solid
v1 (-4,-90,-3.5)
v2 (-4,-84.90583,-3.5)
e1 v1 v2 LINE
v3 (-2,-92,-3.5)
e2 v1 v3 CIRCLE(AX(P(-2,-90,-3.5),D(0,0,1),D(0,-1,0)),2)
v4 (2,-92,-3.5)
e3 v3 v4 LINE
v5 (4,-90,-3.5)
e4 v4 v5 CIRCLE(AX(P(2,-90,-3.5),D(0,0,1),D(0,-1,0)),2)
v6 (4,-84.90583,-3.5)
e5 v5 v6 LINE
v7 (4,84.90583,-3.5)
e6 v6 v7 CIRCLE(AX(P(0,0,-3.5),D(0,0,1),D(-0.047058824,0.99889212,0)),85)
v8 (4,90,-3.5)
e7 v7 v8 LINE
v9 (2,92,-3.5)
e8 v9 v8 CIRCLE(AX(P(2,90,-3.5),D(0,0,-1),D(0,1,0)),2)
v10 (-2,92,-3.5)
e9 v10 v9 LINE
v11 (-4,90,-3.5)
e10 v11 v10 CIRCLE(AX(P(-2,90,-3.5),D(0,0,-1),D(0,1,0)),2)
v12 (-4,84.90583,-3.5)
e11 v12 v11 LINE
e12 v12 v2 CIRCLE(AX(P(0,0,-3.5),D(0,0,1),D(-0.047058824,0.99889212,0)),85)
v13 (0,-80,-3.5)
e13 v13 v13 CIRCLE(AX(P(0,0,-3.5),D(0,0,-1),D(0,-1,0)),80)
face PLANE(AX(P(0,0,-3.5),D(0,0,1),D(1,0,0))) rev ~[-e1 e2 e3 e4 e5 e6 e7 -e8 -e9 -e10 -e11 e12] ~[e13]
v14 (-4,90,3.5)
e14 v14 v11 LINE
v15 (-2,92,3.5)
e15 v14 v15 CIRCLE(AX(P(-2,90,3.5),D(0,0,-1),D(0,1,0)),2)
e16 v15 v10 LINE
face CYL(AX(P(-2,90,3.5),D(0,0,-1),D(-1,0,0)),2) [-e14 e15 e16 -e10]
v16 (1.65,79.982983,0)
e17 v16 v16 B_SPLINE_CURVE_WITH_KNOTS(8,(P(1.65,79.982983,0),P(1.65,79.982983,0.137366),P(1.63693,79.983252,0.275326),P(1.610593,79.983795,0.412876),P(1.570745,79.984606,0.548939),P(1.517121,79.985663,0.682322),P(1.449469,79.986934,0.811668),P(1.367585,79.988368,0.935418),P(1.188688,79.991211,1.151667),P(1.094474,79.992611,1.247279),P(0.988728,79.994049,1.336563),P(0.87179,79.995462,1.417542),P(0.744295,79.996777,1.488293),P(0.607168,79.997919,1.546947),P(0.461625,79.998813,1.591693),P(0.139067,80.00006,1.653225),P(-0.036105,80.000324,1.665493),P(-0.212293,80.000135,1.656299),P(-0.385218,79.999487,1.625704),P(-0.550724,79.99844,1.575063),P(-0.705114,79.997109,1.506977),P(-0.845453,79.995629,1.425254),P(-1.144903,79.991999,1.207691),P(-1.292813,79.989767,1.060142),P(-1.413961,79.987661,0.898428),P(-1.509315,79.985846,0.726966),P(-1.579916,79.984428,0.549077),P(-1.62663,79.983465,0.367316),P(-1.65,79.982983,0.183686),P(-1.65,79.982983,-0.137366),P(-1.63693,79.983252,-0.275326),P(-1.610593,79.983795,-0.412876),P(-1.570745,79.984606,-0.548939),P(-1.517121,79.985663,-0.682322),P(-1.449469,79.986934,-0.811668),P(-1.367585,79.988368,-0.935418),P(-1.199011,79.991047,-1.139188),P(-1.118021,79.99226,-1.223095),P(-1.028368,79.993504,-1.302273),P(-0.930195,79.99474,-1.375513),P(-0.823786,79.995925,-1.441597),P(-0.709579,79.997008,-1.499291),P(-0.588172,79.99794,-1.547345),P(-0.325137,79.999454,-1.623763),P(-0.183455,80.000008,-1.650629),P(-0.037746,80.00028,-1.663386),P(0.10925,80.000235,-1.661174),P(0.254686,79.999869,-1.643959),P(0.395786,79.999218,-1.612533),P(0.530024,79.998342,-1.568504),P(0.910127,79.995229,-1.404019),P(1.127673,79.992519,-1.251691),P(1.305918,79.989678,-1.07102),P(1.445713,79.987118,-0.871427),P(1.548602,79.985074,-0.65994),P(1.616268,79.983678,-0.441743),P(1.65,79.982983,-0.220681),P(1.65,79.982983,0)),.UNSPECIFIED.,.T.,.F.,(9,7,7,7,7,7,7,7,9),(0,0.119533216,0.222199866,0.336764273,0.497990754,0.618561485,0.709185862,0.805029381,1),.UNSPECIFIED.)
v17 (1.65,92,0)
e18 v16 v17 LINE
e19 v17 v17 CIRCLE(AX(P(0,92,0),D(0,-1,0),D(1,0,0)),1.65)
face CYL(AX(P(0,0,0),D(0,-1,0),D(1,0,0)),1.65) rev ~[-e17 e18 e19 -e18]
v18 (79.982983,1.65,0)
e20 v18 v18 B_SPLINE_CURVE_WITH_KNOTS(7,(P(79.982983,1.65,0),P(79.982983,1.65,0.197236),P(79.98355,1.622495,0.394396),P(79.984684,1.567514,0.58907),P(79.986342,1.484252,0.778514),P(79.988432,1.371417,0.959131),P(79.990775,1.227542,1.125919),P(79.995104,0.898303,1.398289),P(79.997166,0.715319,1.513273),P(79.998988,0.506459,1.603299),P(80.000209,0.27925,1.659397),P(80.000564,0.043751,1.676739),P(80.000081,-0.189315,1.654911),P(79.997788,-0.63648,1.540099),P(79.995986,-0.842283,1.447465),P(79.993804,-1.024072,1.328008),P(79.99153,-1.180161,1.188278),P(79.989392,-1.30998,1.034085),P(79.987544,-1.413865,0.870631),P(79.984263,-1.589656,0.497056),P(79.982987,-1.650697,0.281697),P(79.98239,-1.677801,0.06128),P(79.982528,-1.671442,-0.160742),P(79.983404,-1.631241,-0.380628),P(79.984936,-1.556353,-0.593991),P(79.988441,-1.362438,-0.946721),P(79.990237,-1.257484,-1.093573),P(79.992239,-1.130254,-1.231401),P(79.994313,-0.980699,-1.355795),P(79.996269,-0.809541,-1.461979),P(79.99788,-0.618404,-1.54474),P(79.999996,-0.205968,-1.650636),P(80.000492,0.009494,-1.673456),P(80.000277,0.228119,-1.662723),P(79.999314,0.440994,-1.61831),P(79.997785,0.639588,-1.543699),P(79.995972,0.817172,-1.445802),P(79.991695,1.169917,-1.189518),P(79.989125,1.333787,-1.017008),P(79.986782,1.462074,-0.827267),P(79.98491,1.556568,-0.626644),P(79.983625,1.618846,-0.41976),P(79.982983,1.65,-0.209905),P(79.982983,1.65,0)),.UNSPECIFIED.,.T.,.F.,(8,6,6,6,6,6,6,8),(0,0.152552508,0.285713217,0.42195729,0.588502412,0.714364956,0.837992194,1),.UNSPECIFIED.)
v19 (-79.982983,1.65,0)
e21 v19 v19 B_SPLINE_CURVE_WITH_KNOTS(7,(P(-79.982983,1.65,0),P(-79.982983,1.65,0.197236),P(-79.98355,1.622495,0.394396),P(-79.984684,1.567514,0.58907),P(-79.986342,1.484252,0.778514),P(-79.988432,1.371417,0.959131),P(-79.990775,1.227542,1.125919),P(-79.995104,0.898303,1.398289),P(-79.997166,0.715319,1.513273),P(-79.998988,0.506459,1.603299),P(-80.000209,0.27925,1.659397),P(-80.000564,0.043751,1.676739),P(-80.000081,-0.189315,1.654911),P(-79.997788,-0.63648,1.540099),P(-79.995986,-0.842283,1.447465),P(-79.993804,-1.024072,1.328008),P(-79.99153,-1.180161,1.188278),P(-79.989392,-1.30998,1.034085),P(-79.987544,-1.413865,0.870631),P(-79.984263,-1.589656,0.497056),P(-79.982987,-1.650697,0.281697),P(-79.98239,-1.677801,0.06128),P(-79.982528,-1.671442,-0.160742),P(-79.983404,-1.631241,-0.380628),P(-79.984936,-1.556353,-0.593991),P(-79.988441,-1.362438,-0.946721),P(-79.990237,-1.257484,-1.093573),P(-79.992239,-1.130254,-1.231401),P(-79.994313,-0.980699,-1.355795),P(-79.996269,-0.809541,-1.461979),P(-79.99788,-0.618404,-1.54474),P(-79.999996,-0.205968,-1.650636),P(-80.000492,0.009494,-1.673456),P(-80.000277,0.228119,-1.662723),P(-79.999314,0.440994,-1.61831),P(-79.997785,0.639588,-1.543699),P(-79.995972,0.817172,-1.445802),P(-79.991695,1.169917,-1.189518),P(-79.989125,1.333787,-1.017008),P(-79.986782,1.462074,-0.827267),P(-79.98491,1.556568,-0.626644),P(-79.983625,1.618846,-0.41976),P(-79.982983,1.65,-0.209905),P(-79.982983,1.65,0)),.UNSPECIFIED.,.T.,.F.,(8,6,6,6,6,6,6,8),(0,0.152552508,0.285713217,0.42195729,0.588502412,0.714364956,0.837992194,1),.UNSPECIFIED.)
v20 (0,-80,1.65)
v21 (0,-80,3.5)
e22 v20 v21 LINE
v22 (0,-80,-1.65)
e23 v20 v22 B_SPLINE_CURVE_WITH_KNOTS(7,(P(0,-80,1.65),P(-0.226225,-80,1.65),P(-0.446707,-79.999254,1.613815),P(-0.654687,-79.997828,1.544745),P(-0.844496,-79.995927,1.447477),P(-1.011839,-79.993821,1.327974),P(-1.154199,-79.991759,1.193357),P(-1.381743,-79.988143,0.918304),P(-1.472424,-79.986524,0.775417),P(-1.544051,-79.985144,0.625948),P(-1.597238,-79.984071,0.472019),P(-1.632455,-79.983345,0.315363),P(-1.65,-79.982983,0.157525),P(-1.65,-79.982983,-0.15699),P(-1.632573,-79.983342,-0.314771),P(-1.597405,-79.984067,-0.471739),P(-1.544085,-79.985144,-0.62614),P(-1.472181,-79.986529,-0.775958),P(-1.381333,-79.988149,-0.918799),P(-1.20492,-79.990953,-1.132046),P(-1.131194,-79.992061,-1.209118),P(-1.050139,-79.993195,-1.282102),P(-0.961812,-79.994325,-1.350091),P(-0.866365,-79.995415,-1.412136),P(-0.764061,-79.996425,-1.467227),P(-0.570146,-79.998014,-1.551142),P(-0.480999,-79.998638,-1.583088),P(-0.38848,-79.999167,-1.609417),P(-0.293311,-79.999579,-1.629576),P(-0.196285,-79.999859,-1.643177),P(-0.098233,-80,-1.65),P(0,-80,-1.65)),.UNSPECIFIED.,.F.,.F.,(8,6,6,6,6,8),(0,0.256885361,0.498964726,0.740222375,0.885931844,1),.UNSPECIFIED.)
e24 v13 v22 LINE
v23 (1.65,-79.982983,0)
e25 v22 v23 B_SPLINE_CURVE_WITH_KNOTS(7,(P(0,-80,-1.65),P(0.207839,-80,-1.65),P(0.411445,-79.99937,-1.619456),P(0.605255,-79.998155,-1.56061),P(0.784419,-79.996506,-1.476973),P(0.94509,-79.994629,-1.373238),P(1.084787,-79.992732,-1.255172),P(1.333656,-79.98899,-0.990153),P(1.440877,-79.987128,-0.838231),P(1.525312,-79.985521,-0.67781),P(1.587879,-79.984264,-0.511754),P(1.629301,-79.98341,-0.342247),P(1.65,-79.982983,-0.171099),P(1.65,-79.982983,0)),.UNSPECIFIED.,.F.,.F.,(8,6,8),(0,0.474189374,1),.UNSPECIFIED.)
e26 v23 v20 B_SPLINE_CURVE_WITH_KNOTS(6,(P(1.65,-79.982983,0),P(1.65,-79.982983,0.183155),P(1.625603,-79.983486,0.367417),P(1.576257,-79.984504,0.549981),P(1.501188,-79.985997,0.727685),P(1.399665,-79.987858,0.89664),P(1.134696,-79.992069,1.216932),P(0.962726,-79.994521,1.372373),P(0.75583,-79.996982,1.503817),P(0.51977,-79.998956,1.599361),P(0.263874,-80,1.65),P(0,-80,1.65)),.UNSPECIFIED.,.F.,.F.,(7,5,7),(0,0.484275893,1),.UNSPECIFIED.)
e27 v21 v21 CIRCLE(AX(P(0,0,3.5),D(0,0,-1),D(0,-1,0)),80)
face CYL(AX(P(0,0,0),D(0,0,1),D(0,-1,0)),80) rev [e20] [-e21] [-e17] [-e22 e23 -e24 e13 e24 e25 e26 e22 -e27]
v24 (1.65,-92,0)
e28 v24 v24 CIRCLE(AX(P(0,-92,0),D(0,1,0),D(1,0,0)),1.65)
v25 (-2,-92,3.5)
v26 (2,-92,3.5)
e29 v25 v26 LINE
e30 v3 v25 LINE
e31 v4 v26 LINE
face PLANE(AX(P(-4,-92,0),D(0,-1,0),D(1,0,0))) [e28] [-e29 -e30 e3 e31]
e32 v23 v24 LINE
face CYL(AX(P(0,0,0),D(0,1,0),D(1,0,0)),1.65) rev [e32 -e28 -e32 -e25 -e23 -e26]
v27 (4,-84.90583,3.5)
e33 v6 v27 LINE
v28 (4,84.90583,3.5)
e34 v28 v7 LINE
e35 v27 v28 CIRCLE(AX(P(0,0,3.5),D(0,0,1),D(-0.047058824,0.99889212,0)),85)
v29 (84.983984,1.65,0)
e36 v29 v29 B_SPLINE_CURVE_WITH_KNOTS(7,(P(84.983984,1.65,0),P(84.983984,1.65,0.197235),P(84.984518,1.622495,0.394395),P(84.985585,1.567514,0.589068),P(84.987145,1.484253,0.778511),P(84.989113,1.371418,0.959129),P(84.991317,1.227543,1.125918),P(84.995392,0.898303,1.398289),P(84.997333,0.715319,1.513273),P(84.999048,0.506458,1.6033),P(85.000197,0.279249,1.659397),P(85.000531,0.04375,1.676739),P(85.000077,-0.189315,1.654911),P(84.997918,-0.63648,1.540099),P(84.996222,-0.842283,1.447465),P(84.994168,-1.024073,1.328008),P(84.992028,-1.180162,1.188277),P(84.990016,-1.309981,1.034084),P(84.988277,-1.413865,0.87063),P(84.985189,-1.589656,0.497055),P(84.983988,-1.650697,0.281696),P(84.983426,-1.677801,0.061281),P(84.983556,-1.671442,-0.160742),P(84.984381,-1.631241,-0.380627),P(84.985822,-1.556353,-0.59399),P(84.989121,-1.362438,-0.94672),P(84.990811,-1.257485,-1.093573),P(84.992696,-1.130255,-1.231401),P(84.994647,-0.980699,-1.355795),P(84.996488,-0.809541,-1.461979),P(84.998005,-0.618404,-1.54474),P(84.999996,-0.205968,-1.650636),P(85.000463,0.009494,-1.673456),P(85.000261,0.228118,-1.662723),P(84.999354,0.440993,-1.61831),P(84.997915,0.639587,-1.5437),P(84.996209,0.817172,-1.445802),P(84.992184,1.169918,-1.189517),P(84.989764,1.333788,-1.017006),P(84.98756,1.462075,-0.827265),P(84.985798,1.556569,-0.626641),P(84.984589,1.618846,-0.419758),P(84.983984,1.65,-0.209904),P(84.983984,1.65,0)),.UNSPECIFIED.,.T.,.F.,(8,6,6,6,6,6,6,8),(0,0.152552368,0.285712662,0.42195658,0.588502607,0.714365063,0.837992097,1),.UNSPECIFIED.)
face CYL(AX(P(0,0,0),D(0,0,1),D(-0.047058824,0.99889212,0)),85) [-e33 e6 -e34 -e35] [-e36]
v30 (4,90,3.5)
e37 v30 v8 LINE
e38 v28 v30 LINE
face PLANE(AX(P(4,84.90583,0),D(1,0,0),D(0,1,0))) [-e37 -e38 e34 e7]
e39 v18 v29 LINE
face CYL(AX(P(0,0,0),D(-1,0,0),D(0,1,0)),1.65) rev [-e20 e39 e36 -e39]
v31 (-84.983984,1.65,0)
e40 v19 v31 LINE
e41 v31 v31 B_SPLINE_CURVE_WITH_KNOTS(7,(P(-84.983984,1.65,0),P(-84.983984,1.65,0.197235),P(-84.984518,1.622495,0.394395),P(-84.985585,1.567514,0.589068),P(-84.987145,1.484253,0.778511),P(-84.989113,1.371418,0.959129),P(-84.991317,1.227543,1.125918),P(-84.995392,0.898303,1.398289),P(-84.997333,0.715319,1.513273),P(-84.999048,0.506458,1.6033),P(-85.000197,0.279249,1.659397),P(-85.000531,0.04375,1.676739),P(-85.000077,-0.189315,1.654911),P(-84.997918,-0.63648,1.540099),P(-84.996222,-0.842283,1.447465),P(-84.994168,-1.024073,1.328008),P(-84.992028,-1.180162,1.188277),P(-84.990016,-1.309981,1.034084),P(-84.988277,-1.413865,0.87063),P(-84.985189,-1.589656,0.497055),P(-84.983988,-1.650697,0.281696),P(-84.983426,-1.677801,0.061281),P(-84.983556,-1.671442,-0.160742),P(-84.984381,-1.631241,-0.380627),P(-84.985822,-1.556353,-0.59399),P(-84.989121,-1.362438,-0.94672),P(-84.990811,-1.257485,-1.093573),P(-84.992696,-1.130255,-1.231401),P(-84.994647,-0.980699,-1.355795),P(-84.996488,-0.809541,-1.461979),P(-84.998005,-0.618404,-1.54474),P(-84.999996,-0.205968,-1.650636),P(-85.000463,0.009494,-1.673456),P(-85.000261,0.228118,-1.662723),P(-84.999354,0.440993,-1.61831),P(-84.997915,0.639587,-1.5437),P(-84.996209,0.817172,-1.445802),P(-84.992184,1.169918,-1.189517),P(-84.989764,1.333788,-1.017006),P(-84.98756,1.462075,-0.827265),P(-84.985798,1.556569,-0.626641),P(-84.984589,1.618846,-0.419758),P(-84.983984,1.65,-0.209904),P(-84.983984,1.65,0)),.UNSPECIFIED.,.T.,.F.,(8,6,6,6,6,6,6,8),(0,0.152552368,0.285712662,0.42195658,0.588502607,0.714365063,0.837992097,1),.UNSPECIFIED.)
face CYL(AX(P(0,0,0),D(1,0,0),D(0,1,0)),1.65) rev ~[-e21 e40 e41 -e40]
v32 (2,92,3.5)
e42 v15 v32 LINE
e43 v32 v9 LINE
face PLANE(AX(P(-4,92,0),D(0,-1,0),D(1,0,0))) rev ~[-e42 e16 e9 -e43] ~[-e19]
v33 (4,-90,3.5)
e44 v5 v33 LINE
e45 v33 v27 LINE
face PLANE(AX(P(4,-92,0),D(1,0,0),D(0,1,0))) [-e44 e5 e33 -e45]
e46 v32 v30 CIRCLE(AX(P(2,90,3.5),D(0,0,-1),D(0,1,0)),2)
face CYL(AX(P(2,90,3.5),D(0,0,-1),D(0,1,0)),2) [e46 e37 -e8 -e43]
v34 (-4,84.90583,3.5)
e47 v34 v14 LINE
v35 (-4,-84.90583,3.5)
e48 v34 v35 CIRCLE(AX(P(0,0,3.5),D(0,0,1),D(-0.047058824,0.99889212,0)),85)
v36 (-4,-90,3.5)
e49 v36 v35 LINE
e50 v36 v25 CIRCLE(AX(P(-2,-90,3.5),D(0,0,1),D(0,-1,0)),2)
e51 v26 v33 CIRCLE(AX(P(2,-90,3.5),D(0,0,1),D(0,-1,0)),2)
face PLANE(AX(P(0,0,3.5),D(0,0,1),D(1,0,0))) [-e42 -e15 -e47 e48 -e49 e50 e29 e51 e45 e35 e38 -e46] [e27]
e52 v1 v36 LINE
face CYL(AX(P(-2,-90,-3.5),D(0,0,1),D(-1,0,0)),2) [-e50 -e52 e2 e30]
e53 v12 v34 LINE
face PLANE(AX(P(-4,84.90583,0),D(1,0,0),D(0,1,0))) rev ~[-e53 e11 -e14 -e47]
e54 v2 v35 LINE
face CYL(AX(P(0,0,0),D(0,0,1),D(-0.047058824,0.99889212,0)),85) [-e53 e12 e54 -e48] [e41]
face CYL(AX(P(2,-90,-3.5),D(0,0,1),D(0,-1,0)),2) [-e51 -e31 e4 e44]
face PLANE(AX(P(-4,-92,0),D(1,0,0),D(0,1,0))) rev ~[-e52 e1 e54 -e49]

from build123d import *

# Parameters (mm, degrees)
SKETCH074_R          = 85
SKETCH074_R_2        = 80
SKETCH074_W          = 8
SKETCH074_H          = 12
PAD006_DEPTH         = 3.5
PAD007_DEPTH         = 3.5
SKETCH076_R          = 1.65
POCKET004_DEPTH      = 85.001
POCKET004_DEPTH_BACK = 85.001
SKETCH075_R          = 1.65
POCKET005_DEPTH      = 92.001
POCKET005_DEPTH_BACK = 92.001
FILLET001_R          = 2


with BuildPart() as part:
    # Sketch074 → Pad006 (new body, symmetric)
    with BuildSketch(Plane.XY):
        Circle(SKETCH074_R)
        Circle(SKETCH074_R_2, mode=Mode.SUBTRACT)
        with Locations((0, 86)):
            Rectangle(SKETCH074_W, SKETCH074_H)
        with Locations((0, -86)):
            Rectangle(SKETCH074_W, SKETCH074_H)
    extrude(amount=PAD006_DEPTH, both=True)

    # Sketch074 → Pad007 (join, symmetric)
    with BuildSketch(Plane.XY):
        Circle(SKETCH074_R)
        Circle(SKETCH074_R_2, mode=Mode.SUBTRACT)
        with Locations((0, 86)):
            Rectangle(SKETCH074_W, SKETCH074_H)
        with Locations((0, -86)):
            Rectangle(SKETCH074_W, SKETCH074_H)
    extrude(amount=PAD007_DEPTH, both=True)

    # Sketch076 → Pocket004 (cut, two sides)
    with BuildSketch(Plane.YZ) as pocket004_sk:
        Circle(SKETCH076_R)
    extrude(amount=-POCKET004_DEPTH, mode=Mode.SUBTRACT)
    extrude(pocket004_sk.sketch, amount=POCKET004_DEPTH_BACK, mode=Mode.SUBTRACT)

    # Sketch075 → Pocket005 (cut, two sides)
    with BuildSketch(Plane.XZ) as pocket005_sk:
        Circle(SKETCH075_R)
    extrude(amount=-POCKET005_DEPTH, mode=Mode.SUBTRACT)
    extrude(pocket005_sk.sketch, amount=POCKET005_DEPTH_BACK, mode=Mode.SUBTRACT)

    # Fillet001
    fillet001_edges = [part.edges().sort_by_distance(p)[0] for p in [
        (4, -92, 0),
        (-4, -92, 0),
        (-4, 92, 0),
        (4, 92, 0),
    ]]
    fillet(fillet001_edges, radius=FILLET001_R)


solid = part.part
